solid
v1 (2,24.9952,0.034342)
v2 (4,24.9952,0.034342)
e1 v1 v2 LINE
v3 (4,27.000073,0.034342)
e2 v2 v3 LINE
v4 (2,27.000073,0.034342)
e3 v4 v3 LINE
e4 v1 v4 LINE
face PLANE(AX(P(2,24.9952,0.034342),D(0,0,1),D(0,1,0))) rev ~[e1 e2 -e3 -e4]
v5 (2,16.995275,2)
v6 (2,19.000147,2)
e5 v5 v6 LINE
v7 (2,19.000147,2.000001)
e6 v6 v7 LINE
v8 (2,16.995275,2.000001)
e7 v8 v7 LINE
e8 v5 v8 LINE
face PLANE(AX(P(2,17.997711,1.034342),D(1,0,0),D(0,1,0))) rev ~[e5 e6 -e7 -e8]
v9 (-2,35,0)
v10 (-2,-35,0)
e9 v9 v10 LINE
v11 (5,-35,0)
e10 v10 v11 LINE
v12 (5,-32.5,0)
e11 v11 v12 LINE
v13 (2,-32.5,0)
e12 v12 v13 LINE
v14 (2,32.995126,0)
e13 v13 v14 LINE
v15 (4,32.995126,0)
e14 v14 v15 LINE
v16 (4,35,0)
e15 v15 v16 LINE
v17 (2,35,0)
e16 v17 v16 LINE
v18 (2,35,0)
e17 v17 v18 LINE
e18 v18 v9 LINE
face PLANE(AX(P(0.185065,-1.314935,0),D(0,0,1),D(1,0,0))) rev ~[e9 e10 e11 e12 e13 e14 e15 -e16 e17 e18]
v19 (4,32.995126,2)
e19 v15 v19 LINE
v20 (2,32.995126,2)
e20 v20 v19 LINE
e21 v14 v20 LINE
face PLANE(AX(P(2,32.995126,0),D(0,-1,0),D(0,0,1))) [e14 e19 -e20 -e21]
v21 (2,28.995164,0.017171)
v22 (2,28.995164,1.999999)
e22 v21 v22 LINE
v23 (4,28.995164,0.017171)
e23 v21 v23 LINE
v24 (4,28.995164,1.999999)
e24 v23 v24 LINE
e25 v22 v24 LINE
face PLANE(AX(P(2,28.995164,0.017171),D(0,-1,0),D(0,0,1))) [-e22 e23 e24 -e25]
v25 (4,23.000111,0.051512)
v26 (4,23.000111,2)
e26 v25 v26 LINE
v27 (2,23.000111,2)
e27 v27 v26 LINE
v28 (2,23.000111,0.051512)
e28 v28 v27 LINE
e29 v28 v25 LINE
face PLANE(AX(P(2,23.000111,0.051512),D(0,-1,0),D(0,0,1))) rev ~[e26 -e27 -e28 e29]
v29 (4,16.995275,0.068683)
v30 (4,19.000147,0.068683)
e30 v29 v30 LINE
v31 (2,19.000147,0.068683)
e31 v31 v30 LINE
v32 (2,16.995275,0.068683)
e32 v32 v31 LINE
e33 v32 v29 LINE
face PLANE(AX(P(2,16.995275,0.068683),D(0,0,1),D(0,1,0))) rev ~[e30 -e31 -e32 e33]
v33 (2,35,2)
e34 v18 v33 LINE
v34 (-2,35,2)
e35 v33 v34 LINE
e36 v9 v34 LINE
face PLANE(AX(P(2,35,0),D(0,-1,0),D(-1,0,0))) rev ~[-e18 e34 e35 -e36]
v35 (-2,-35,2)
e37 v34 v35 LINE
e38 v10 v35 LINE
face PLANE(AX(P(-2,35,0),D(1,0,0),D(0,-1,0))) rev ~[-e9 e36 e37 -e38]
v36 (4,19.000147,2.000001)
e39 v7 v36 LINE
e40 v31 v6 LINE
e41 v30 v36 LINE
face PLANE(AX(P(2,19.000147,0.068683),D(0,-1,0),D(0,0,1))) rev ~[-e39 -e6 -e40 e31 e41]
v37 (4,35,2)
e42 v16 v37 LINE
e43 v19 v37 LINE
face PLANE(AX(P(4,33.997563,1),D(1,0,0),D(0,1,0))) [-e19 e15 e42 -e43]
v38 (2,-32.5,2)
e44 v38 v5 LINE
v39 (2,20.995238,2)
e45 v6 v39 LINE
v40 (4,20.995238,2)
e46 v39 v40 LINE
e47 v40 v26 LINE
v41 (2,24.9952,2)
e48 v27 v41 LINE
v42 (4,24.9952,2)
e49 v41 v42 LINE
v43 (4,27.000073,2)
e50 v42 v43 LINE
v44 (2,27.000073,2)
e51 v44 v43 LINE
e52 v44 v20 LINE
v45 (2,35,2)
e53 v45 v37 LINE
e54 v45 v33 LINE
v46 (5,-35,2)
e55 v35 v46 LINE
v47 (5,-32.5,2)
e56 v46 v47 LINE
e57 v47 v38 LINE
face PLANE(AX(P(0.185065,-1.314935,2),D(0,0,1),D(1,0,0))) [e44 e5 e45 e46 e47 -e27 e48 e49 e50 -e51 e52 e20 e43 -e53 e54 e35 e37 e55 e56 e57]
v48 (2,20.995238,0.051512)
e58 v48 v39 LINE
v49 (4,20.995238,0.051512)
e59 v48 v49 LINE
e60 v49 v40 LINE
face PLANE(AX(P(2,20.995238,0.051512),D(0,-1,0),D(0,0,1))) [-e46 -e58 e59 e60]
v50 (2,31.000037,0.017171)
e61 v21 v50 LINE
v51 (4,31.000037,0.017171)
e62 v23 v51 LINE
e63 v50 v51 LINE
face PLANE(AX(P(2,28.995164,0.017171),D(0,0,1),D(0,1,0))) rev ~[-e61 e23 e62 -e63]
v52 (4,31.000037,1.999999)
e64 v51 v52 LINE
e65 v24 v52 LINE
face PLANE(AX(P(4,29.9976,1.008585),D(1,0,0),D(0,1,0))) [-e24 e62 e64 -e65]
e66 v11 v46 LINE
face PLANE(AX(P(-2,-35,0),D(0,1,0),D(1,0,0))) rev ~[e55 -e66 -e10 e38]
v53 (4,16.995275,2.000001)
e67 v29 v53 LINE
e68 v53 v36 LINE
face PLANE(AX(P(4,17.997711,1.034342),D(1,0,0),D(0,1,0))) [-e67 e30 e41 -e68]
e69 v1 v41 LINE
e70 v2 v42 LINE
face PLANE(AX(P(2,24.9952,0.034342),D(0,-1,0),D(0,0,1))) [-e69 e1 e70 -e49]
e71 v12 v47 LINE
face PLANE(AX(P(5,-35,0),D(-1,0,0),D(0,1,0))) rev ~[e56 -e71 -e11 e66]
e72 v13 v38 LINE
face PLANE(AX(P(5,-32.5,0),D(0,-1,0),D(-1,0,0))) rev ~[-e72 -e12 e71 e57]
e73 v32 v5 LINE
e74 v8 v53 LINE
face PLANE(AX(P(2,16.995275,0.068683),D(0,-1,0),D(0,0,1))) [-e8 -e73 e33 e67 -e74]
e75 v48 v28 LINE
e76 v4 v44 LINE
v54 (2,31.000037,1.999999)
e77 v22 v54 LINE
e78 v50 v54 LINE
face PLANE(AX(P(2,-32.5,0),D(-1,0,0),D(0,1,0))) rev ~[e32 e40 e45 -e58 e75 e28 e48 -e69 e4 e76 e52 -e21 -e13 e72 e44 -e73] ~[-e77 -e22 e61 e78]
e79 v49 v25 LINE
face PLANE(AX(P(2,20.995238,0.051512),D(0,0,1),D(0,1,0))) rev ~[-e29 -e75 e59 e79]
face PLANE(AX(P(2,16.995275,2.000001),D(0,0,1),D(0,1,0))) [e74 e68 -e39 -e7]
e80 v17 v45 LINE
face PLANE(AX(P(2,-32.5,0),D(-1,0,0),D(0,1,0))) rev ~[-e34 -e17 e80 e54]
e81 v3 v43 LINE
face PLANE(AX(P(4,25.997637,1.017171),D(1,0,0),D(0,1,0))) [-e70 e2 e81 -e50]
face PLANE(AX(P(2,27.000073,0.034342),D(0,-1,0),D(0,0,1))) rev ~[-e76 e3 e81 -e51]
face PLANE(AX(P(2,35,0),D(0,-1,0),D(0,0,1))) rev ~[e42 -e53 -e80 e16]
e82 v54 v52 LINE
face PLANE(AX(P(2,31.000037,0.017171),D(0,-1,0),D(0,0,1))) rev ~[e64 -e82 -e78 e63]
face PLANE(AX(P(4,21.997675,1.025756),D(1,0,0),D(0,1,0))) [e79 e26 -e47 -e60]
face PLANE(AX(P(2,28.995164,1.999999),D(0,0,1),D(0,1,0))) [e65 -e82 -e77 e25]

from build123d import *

# Parameters (mm, degrees)
F1_DEPTH = 2
F2_W     = 2.004873
F2_H     = 2
F2_H_2   = 1.982829
F2_H_3   = 1.965658
F2_H_4   = 1.948488
F2_W_2   = 2.004872
F2_H_5   = 1.931317
F3_DEPTH = 2


with BuildPart() as f1:
    # F0 (on Top) → F1 (new body)
    with BuildSketch(Plane.XY):
        Polygon((2, 35), (-2, 35), (-2, -35), (5, -35), (5, -32.5), (2, -32.5), align=None)
    extrude(amount=F1_DEPTH)

    # F2 (on face) → F3 (join)
    with BuildSketch(Plane.YZ.offset(2)):
        with Locations((33.997563, 1)):
            Rectangle(F2_W, F2_H)
        with Locations((29.9976, 1.008585)):
            Rectangle(F2_W, F2_H_2)
        with Locations((25.997637, 1.017171)):
            Rectangle(F2_W, F2_H_3)
        with Locations((21.997675, 1.025756)):
            Rectangle(F2_W, F2_H_4)
        with Locations((17.997711, 1.034342)):
            Rectangle(F2_W_2, F2_H_5)
    extrude(amount=F3_DEPTH)


solid = f1.part
